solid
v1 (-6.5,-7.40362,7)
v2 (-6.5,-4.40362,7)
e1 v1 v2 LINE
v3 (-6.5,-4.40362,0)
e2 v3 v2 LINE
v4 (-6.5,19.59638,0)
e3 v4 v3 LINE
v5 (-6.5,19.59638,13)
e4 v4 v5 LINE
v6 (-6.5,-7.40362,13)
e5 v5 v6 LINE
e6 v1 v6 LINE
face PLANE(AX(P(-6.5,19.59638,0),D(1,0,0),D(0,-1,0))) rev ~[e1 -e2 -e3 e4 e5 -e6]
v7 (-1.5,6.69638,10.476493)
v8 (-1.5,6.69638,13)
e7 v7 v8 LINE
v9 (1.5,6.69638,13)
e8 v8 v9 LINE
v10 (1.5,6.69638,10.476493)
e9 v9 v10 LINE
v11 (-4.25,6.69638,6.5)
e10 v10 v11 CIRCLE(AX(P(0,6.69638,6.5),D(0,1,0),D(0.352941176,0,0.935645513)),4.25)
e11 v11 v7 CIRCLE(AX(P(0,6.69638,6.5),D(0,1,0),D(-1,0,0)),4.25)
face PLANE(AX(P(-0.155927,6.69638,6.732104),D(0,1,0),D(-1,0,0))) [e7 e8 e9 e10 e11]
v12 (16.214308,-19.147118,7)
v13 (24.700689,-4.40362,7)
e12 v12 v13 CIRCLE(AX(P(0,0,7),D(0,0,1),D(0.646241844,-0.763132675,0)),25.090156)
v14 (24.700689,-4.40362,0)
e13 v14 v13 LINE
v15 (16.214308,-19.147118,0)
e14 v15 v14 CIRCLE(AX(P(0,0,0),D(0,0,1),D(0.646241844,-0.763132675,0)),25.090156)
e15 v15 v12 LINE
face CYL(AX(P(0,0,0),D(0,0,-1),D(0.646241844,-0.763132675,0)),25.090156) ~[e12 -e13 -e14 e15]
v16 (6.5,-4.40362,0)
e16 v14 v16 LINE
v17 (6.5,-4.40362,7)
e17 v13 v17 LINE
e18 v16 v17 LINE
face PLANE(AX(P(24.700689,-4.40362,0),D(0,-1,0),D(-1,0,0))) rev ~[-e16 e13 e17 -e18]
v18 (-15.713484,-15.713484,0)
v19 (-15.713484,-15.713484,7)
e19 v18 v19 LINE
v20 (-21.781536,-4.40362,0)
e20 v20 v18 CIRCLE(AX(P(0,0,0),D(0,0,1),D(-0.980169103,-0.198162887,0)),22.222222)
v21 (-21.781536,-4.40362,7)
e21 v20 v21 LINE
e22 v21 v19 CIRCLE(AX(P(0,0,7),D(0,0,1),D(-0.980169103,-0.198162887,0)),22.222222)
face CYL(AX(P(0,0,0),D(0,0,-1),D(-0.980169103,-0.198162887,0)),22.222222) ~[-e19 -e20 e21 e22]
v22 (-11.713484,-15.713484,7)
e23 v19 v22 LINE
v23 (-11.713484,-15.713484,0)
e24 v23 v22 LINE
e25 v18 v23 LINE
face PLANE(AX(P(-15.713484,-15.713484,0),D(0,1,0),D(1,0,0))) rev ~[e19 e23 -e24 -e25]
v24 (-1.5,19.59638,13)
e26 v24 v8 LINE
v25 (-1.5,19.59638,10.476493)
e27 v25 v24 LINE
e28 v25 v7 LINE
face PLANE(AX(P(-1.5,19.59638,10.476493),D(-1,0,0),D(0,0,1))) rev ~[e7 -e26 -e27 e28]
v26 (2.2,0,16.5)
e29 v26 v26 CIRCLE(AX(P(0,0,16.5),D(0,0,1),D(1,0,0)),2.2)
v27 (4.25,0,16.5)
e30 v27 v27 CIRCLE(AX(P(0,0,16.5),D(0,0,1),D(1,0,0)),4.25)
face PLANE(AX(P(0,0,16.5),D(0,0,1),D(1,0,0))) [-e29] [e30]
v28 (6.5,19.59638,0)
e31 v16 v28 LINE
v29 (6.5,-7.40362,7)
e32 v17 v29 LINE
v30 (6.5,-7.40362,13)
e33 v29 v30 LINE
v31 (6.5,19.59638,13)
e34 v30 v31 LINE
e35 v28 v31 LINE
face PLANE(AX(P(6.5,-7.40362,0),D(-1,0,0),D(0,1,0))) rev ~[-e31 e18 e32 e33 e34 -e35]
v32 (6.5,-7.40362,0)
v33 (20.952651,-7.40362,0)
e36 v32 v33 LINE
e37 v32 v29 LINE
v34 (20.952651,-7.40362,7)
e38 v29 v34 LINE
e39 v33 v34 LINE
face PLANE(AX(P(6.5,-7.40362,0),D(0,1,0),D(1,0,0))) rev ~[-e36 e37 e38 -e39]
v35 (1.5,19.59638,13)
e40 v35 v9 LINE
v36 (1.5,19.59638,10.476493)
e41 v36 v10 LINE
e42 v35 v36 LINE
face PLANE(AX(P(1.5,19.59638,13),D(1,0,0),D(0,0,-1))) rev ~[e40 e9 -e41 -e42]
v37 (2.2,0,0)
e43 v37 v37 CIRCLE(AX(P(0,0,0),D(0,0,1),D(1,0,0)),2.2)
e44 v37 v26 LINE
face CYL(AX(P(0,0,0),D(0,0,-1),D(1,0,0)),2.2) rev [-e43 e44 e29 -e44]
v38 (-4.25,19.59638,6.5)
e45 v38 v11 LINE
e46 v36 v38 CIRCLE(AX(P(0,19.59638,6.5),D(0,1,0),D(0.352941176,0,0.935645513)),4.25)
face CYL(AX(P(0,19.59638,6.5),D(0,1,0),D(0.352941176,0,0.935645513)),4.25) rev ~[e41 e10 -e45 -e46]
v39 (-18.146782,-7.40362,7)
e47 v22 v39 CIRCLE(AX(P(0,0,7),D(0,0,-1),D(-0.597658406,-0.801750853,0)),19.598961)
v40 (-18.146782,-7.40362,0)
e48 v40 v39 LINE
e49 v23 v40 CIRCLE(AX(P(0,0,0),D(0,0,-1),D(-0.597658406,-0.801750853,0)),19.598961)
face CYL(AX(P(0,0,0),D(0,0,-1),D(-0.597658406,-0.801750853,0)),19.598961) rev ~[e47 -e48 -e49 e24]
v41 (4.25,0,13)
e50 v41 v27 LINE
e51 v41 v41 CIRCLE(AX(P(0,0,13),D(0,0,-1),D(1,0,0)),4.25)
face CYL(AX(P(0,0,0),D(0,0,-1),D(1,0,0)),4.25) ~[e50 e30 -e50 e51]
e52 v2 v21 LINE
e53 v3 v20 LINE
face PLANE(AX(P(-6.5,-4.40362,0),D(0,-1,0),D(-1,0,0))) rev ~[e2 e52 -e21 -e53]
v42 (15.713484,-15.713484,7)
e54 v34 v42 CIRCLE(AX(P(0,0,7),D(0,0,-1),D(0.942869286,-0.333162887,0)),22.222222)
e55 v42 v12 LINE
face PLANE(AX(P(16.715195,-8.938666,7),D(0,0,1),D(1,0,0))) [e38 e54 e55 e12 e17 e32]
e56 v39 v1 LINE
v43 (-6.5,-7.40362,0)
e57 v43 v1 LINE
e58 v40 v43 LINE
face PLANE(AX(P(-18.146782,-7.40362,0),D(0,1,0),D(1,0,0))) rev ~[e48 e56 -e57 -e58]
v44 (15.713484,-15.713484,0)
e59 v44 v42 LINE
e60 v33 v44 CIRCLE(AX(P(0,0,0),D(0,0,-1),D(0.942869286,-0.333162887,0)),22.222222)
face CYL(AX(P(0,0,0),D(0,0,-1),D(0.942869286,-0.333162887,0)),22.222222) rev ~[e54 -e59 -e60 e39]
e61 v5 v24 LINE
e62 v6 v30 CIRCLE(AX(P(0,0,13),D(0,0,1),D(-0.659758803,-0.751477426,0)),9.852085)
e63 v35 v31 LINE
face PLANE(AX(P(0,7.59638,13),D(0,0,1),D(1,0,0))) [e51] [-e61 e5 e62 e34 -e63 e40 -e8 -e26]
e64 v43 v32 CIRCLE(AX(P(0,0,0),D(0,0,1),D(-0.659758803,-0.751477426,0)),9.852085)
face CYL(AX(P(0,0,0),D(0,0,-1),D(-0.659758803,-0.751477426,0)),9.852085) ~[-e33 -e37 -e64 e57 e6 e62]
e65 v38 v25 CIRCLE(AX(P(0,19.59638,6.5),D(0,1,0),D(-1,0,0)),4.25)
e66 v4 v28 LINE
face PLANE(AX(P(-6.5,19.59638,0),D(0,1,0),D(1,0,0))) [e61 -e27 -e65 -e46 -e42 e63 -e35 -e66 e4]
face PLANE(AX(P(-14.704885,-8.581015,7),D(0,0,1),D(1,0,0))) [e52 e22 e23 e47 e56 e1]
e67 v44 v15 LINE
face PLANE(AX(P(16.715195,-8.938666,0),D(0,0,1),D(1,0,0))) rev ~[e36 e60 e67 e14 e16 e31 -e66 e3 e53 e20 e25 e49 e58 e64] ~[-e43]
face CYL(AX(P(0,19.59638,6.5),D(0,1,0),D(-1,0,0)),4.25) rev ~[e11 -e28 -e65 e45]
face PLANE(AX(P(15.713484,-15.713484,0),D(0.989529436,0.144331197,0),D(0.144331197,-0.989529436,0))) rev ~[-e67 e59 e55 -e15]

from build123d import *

# Parameters (mm, degrees)
F0_W     = 13
F0_H     = 24
F0_H_2   = 3
F2_DEPTH = 13
F1_R     = 2.2
F3_DEPTH = 13
F5_DEPTH = 12.9
F6_DEPTH = 7
F1_R_2   = 4.25
F7_DEPTH = 16.5


with BuildPart() as f2:
    # F0 (on Top) → F2 (new body)
    with BuildSketch(Plane.XY):
        with Locations((0, 7.5963802942)):
            Rectangle(F0_W, F0_H)
        with Locations((0, -5.9036197058)):
            Rectangle(F0_W, F0_H_2)
        with BuildLine():
            Line((6.5, -7.4036197058), (-6.5, -7.4036197058))
            ThreePointArc((-6.5, -7.4036197058), (0, -9.8520852995), (6.5, -7.4036197058))
        make_face()
    extrude(amount=F2_DEPTH)

    # F1 (on Top) → F3 (cut, through all)
    with BuildSketch(Plane.XY):
        Circle(F1_R)
    extrude(amount=F3_DEPTH, mode=Mode.SUBTRACT)

    # F4 (on face) → F5 (cut)
    with BuildSketch(Plane(origin=(0, 19.5963802942, 0), x_dir=(-1, 0, 0), z_dir=(0, 1, 0))):
        with BuildLine():
            ThreePointArc((-1.5, 10.4764934301), (-2.4173849507, 3.0044671365), (4.25, 6.5))
            ThreePointArc((4.25, 6.5), (3.4955328635, 8.9173849507), (1.5, 10.4764934301))
            ThreePointArc((1.5, 10.4764934301), (0, 10.75), (-1.5, 10.4764934301))
        make_face()
        with BuildLine():
            ThreePointArc((-1.5, 10.4764934301), (0, 10.75), (1.5, 10.4764934301))
            Line((1.5, 10.4764934301), (1.5, 13))
            Line((1.5, 13), (-1.5, 13))
            Line((-1.5, 13), (-1.5, 10.4764934301))
        make_face()
    extrude(amount=-F5_DEPTH, mode=Mode.SUBTRACT)

    # F0 (on Top) → F6 (join)
    with BuildSketch(Plane.XY):
        with BuildLine():
            Line((24.700689028, -4.4036197058), (6.5, -4.4036197058))
            Line((6.5, -4.4036197058), (6.5, -7.4036197058))
            Line((6.5, -7.4036197058), (20.9526508047, -7.4036197058))
            ThreePointArc((20.9526508047, -7.4036197058), (18.798000482, -11.8516808248), (15.7134840264, -15.7134840264))
            Line((15.7134840264, -15.7134840264), (16.2143083706, -19.1471175125))
            ThreePointArc((16.2143083706, -19.1471175125), (21.7451588848, -12.5165478486), (24.700689028, -4.4036197058))
        make_face()
        with BuildLine():
            Line((-6.5, -7.4036197058), (-6.5, -4.4036197058))
            Line((-6.5, -4.4036197058), (-21.7815356203, -4.4036197058))
            ThreePointArc((-21.7815356203, -4.4036197058), (-19.581812539, -10.5061780958), (-15.7134840264, -15.7134840264))
            Line((-15.7134840264, -15.7134840264), (-11.7134840264, -15.7134840264))
            ThreePointArc((-11.7134840264, -15.7134840264), (-15.4974944993, -11.9977894851), (-18.1467821813, -7.4036197058))
            Line((-18.1467821813, -7.4036197058), (-6.5, -7.4036197058))
        make_face()
    extrude(amount=F6_DEPTH)

    # F1 (on Top) → F7 (join)
    with BuildSketch(Plane.XY):
        Circle(F1_R_2)
        Circle(F1_R, mode=Mode.SUBTRACT)
    extrude(amount=F7_DEPTH)


solid = f2.part
